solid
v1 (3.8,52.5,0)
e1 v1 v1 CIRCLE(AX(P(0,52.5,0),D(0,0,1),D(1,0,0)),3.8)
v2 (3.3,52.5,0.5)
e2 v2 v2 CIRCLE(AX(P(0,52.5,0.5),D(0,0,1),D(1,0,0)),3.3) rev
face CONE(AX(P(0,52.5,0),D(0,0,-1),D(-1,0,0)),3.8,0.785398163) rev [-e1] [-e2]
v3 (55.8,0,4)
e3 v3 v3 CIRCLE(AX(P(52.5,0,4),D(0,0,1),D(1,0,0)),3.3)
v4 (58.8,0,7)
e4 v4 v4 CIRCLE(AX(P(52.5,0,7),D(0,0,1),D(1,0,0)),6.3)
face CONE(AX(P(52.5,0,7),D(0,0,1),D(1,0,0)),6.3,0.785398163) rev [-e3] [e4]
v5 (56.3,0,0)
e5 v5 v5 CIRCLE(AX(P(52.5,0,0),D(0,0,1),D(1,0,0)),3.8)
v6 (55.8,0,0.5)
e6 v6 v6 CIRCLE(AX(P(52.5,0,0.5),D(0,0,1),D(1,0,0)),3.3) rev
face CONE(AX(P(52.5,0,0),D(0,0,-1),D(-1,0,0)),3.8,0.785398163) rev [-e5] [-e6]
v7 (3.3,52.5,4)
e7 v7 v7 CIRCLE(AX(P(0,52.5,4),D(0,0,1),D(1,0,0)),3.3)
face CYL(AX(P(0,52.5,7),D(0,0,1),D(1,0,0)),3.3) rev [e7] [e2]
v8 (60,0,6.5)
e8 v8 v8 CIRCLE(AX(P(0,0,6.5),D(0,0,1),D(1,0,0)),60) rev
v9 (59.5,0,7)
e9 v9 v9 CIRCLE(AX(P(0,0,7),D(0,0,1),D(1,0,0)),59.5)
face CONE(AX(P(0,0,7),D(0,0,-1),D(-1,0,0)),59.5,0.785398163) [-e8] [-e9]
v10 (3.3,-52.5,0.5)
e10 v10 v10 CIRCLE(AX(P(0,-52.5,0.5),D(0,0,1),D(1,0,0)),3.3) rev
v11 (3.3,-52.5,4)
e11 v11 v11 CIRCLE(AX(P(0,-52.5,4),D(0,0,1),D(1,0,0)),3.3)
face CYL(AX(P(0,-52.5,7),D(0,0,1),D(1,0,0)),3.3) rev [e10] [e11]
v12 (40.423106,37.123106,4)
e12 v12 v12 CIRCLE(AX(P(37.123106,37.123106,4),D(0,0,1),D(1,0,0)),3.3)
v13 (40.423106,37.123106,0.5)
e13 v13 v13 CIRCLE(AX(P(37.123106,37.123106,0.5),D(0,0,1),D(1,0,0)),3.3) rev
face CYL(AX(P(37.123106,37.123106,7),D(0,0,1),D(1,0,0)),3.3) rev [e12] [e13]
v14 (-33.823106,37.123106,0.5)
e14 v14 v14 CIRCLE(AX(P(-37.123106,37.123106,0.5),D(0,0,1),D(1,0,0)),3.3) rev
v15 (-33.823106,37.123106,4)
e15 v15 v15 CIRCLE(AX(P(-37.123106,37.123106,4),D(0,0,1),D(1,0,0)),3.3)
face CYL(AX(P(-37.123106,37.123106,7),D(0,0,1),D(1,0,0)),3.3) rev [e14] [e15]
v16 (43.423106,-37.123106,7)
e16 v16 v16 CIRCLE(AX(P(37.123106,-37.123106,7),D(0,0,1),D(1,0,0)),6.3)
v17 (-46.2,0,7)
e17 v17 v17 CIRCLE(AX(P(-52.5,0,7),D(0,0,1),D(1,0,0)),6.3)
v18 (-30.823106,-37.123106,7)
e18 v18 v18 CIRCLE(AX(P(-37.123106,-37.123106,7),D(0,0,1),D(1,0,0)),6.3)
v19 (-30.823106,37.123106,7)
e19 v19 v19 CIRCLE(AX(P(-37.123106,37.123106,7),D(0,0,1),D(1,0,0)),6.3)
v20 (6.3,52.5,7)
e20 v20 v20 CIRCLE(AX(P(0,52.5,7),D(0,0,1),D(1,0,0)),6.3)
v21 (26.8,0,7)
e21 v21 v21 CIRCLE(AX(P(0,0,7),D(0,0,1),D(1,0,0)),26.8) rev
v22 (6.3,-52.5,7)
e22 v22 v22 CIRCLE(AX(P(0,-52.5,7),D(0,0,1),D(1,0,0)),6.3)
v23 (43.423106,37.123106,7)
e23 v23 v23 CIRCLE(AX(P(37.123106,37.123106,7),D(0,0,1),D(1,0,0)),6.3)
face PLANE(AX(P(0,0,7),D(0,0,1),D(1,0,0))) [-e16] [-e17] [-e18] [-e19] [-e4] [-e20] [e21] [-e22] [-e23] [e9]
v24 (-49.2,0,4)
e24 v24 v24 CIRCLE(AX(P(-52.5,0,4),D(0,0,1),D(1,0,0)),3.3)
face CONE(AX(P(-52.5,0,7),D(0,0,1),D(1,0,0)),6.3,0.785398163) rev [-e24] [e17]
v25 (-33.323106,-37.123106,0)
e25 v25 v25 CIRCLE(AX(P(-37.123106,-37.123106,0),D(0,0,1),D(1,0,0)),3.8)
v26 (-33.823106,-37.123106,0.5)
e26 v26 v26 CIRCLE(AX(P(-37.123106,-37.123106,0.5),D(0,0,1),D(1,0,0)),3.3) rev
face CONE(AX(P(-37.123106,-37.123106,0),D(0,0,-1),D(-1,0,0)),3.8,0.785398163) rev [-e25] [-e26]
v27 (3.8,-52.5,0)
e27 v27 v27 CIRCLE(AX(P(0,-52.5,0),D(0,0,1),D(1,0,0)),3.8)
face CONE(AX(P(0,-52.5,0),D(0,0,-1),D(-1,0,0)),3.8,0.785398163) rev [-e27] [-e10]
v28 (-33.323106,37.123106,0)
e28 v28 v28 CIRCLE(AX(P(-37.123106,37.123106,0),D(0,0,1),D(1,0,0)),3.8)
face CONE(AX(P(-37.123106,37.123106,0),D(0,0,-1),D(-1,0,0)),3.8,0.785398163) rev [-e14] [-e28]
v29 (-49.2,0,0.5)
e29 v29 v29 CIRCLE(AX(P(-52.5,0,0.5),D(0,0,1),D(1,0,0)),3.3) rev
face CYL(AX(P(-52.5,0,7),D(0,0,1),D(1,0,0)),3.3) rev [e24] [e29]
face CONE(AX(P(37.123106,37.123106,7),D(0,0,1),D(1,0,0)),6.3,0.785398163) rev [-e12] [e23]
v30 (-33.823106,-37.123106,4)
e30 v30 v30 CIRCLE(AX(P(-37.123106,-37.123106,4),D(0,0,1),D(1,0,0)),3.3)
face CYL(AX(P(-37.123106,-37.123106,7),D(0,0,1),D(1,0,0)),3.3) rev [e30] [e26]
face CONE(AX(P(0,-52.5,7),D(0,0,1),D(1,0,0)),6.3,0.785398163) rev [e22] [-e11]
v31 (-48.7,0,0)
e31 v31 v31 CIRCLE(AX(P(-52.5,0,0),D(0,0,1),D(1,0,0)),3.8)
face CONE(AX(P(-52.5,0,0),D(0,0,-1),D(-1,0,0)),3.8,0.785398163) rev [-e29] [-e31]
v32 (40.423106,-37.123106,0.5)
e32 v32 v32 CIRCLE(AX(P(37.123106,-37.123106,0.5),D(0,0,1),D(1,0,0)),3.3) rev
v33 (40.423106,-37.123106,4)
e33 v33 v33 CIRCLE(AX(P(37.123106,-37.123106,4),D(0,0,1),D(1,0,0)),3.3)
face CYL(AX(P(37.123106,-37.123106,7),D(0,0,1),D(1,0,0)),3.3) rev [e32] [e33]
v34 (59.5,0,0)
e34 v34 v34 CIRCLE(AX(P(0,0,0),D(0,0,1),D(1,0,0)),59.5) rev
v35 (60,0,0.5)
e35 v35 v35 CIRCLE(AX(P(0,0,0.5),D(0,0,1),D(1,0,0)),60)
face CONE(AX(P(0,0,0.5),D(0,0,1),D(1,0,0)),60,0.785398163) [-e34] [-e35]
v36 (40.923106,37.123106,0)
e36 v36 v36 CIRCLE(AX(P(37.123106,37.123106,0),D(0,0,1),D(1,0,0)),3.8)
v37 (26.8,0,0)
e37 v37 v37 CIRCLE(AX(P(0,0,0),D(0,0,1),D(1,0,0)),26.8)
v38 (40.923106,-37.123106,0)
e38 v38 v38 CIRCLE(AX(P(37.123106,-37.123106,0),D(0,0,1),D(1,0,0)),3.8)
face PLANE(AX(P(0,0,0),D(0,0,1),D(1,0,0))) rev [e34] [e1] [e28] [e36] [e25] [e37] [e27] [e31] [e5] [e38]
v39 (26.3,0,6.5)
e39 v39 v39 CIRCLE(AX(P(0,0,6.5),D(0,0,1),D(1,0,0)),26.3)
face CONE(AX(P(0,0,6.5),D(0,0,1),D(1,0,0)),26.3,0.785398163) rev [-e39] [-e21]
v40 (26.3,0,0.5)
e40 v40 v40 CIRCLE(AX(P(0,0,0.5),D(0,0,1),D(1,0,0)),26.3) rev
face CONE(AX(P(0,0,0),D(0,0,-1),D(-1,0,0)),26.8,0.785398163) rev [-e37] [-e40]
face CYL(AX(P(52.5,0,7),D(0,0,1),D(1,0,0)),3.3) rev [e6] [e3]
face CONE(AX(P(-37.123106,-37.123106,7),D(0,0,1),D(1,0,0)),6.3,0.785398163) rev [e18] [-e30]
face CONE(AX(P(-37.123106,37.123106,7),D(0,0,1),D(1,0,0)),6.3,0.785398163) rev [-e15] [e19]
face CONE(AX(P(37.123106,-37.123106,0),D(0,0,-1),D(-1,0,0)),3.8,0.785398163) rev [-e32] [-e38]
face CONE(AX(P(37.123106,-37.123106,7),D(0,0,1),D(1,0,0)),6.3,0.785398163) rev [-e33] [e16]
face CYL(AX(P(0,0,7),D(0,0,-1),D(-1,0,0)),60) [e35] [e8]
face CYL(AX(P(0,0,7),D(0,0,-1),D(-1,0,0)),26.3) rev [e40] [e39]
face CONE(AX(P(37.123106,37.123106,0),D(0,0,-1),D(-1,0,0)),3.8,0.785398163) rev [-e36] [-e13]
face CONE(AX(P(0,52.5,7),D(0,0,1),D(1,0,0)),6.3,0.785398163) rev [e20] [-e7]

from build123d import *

# Parameters (mm, degrees)
SKETCH1_R                                           = 60
SKETCH1_R_2                                         = 26.3
BOSS_EXTRUDE1_DEPTH                                 = 7
CSK_FOR_M6_COUNTERSUNK_FLAT_HEAD_SCREW1_D           = 6.6
CSK_FOR_M6_COUNTERSUNK_FLAT_HEAD_SCREW1_CSINK_D     = 12.6
CSK_FOR_M6_COUNTERSUNK_FLAT_HEAD_SCREW1_CSINK_ANGLE = 90
CHAMFER1_SIZE                                       = 0.5


with BuildPart() as part:
    # Sketch1 → Boss-Extrude1 (new body)
    with BuildSketch(Plane.XY):
        Circle(SKETCH1_R)
        Circle(SKETCH1_R_2, mode=Mode.SUBTRACT)
    extrude(amount=BOSS_EXTRUDE1_DEPTH)

    # CSK for M6 Countersunk Flat Head Screw1 (through all)
    with Locations(Plane.XY.offset(7)):
        with Locations((-37.123106012, 37.123106012), (0, 52.5), (37.123106012, 37.123106012), (52.5, 0), (37.123106012, -37.123106012), (0, -52.5), (-37.123106012, -37.123106012), (-52.5, 0)):
            CounterSinkHole(CSK_FOR_M6_COUNTERSUNK_FLAT_HEAD_SCREW1_D / 2, CSK_FOR_M6_COUNTERSUNK_FLAT_HEAD_SCREW1_CSINK_D / 2, counter_sink_angle=CSK_FOR_M6_COUNTERSUNK_FLAT_HEAD_SCREW1_CSINK_ANGLE)

    # Chamfer1
    chamfer1_edges = [part.edges().sort_by_distance(p)[0] for p in [
        (-33.823106012, 37.123106012, 0),
        (-60, 0, 0),
        (-49.2, 0, 0),
        (-33.823106012, -37.123106012, 0),
        (3.3, -52.5, 0),
        (40.423106012, -37.123106012, 0),
        (55.8, 0, 0),
        (-60, 0, 7),
        (-26.3, 0, 0),
        (40.423106012, 37.123106012, 0),
        (-26.3, 0, 7),
        (3.3, 52.5, 0),
    ]]
    chamfer(chamfer1_edges, length=CHAMFER1_SIZE)


solid = part.part
